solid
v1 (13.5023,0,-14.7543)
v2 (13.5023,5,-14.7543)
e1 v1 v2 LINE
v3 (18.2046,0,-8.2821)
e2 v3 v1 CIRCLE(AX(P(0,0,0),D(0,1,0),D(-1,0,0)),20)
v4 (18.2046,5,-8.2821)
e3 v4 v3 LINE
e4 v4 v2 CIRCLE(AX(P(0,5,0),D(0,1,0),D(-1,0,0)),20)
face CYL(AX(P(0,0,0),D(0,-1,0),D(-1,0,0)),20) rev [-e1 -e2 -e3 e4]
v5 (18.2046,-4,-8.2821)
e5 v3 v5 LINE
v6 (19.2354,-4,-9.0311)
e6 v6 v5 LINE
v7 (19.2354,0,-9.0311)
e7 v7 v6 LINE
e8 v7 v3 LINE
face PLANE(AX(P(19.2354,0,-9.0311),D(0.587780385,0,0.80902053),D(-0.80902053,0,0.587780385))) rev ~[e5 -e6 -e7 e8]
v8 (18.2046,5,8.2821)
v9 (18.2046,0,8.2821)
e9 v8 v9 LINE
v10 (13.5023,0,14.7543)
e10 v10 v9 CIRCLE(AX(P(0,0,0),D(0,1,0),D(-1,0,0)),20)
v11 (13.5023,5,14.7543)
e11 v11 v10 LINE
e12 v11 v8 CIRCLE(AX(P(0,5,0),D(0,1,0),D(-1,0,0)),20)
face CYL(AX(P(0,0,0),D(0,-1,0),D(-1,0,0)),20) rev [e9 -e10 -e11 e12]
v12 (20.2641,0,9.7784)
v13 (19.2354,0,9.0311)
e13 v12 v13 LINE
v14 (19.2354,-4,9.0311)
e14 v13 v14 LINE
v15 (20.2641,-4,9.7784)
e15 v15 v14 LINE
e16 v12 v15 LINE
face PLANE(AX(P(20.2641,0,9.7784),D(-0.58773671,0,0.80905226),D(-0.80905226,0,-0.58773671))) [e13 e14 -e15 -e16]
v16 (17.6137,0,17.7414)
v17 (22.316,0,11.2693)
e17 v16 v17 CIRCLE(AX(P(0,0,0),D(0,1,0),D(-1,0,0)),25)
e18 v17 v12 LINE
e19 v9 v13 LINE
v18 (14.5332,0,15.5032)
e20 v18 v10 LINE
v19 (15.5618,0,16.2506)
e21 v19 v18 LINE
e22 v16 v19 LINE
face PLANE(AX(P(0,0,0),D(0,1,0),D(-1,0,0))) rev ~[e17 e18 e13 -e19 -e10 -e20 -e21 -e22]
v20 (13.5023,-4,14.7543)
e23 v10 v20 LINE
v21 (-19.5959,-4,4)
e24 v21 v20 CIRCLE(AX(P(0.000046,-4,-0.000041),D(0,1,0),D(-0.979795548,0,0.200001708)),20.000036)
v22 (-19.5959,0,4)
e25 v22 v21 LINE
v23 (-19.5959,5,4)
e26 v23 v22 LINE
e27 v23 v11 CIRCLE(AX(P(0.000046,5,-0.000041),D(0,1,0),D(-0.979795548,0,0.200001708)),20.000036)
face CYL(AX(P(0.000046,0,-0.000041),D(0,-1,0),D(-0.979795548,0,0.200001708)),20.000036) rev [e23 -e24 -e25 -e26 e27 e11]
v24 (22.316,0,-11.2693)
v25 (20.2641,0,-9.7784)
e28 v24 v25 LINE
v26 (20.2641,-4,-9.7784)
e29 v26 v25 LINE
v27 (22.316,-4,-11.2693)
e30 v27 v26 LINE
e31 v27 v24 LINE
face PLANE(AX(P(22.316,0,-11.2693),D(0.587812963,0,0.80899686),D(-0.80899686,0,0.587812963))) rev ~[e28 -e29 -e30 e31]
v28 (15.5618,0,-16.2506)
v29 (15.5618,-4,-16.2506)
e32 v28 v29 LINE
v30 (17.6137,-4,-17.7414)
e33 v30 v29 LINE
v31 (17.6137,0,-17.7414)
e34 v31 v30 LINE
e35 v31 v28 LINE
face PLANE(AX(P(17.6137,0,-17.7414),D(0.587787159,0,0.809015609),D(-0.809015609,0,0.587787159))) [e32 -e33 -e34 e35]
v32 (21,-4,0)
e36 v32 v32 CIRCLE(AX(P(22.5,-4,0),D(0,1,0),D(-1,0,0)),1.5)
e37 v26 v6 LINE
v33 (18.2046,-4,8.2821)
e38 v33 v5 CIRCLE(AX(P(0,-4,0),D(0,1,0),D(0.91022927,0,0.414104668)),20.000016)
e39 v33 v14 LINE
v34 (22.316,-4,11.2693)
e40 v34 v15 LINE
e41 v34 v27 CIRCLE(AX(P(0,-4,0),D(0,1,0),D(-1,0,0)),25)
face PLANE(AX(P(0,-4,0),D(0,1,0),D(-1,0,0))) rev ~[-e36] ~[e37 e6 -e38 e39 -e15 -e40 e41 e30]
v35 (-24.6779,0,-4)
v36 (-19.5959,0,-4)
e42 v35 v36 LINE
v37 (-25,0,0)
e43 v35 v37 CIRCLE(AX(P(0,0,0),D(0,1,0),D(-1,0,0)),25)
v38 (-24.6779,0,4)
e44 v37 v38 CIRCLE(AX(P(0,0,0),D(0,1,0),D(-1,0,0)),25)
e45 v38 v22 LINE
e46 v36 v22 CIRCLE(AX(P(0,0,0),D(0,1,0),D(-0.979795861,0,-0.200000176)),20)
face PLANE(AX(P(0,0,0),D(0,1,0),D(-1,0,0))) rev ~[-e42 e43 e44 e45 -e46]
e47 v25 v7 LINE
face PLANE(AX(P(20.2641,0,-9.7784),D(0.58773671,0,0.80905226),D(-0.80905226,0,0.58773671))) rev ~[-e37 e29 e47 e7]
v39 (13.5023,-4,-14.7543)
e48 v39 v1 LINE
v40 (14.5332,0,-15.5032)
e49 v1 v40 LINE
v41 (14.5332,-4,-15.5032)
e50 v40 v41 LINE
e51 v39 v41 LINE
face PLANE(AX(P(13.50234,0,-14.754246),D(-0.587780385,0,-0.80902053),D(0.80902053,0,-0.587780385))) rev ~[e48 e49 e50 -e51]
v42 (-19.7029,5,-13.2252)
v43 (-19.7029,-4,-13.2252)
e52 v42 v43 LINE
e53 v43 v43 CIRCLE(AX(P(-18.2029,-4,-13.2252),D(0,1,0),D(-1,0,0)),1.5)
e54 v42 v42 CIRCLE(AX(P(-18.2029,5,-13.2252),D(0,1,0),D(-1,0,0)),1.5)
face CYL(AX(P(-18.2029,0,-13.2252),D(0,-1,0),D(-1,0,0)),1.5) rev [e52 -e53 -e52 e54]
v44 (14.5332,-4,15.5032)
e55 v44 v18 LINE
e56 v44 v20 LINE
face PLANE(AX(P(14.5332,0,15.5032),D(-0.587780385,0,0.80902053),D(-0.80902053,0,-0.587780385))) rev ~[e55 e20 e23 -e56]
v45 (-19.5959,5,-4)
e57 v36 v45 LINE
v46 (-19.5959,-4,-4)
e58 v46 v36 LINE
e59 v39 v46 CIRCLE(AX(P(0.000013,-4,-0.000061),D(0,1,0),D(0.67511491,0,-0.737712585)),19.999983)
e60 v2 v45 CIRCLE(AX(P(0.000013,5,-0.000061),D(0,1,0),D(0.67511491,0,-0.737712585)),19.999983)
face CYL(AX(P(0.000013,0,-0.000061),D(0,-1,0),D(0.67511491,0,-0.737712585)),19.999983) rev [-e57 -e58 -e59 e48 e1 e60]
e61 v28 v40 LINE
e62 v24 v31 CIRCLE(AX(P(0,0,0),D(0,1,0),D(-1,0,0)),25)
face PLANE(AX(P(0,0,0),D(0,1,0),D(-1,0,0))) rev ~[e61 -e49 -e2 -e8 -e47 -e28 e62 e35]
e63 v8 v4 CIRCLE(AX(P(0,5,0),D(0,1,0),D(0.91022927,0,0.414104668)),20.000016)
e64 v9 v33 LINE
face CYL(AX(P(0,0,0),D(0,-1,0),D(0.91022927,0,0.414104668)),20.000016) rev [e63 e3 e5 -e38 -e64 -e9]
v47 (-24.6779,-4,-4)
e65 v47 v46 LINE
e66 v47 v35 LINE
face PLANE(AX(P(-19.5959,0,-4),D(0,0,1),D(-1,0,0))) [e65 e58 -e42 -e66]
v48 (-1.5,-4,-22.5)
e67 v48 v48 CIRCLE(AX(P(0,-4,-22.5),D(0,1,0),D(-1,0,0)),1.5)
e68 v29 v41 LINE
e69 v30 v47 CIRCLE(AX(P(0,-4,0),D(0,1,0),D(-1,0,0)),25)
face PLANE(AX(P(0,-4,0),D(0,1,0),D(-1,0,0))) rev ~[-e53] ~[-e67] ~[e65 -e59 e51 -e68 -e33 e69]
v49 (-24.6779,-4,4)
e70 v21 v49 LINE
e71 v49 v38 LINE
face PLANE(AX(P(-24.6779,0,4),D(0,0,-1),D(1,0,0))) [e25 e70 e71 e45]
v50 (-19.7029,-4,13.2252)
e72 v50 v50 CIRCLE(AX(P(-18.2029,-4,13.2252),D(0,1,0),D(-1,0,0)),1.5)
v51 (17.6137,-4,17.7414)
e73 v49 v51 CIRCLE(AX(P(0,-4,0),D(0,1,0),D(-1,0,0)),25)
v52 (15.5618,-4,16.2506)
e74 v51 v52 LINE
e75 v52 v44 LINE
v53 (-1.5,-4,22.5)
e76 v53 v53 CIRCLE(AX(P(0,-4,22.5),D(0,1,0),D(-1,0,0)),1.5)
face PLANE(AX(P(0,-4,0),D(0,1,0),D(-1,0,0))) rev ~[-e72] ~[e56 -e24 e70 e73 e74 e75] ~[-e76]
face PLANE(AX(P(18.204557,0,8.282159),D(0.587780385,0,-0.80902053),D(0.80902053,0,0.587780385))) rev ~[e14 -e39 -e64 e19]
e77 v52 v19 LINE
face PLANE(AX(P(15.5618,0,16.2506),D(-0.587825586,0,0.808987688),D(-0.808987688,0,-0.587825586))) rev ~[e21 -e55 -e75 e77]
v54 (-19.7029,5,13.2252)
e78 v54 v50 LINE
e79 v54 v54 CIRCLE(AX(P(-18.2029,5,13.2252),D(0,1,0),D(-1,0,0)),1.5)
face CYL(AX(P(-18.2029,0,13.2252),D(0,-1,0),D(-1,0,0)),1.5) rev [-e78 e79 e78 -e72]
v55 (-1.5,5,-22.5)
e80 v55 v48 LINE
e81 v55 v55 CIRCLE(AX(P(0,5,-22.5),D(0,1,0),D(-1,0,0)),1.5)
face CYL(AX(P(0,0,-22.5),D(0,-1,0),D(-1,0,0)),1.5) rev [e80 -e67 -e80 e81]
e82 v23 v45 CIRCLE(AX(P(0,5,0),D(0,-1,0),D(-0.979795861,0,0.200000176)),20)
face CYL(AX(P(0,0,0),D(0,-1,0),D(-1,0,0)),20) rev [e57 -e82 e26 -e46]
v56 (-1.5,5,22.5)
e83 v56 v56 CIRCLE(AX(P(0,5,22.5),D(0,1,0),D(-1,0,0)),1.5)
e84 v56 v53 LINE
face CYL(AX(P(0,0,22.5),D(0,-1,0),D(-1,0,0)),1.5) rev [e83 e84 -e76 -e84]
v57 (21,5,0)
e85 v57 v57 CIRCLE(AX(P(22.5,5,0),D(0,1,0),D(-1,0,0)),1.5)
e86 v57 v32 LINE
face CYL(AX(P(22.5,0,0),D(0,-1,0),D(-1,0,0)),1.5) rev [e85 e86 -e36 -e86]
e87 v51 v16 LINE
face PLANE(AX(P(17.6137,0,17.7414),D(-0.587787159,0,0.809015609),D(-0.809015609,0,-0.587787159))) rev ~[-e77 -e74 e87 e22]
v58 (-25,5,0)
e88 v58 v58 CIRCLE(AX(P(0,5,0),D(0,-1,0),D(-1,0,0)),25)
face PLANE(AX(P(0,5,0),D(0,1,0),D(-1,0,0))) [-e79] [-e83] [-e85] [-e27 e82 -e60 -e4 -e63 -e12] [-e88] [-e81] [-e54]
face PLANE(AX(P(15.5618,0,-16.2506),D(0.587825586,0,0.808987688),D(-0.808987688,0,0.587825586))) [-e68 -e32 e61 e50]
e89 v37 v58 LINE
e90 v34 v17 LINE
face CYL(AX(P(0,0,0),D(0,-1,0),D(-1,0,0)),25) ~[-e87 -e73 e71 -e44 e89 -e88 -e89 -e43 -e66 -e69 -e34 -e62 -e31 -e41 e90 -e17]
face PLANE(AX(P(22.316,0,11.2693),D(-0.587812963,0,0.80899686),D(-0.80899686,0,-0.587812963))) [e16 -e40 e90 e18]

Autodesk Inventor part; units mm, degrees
ref_plane "YZ Plane" through (0, 0, 0) normal (1, 0, 0) x (0, 1, 0)
ref_plane "XZ Plane" through (0, 0, 0) normal (0, 1, 0) x (-1, 0, 0)
ref_plane "XY Plane" through (0, 0, 0) normal (0, 0, 1) x (1, 0, 0)
sketch "Sketch1" plane through (0, 0, 0) normal (0, 1, 0) x (-1, 0, 0)
  circle A0 centre (0, 0) radius 25
  line L0 (22.1416, 4) -> (20.8701, 4)
  line L1 (22.1416, -4) -> (20.8701, -4)
  line L2 (24.6779, 4) -> (22.1416, 4)
  line L3 (24.6779, -4) -> (22.1416, -4)
  line L4 (-15.5618, -16.2506) -> (-14.5332, -15.5032)
  line L5 (-15.5618, 16.2506) -> (-14.5332, 15.5032)
  line L6 (-20.2641, -9.7784) -> (-19.2354, -9.0311)
  line L7 (-17.6137, -17.7414) -> (-15.5618, -16.2506)
  line L8 (-22.316, -11.2693) -> (-20.2641, -9.7784)
  line L9 (-20.2641, 9.7784) -> (-19.2354, 9.0311)
  line L10 (-17.6137, 17.7414) -> (-15.5618, 16.2506)
  line L11 (-22.316, 11.2693) -> (-20.2641, 9.7784)
  line L12 (-23.5374, 22.0452) -> (-13.679, 22.0452) construction
  arc A1 (-17.6137, -17.7414) -> (24.6779, -4) centre (0, 0) ccw
  arc A2 (24.6779, 4) -> (-17.6137, 17.7414) centre (0, 0) ccw
  arc A3 (-22.316, 11.2693) -> (-22.316, -11.2693) centre (0, 0) ccw
  line L13 (20.8701, 4) -> (15.8701, 4)
  line L14 (15.8701, 4) -> (15.8701, -4)
  line L15 (15.8701, -4) -> (20.8701, -4)
  line L16 (-14.5332, 15.5032) -> (-10.4881, 12.5643)
  line L17 (-10.4881, 12.5643) -> (-15.1903, 6.0922)
  line L18 (-15.1903, 6.0922) -> (-19.2354, 9.0311)
  line L19 (-19.2354, -9.0311) -> (-15.1903, -6.0922)
  line L20 (-15.1903, -6.0922) -> (-10.4881, -12.5643)
  line L21 (-10.4881, -12.5643) -> (-14.5332, -15.5032)
  circle A4 centre (0, 22.5) radius 1.5
  circle A5 centre (18.2029, 13.2252) radius 1.5
  circle A6 centre (18.2029, -13.2252) radius 1.5
  circle A7 centre (0, -22.5) radius 1.5
  arc A8 (-13.5023, -14.7543) -> (19.5959, -4) centre (0, 0) ccw
  arc A9 (19.5959, 4) -> (-13.5023, 14.7543) centre (0, 0) ccw
  arc A10 (-18.2046, 8.2821) -> (-18.2046, -8.2821) centre (0, 0) ccw
  circle A11 centre (-22.5, 0) radius 1.5
  circle A12 centre (0, 0) radius 20
  point P0 (-23.5374, -22.0452)
  point P1 (-28.2397, -15.5731)
  point P2 (-17.6137, 17.7414)
  point P3 (-17.6137, -17.7414)
  point P4 (24.6779, -4)
  point P5 (19.5959, -4)
  point P6 (-13.5023, 14.7543)
  dimension "d0" = 50
  dimension "d1" = 36
  dimension "d2" = 5
  dimension "d3" = 5
  dimension "d5" = 3
  dimension "d6" = 3
  dimension "d7" = 3
  dimension "d8" = 3
  dimension "d16" = 3
extrude "Extrusion1" add sketch "Sketch1" along normal blind 5 and the other way blind 4 contours L2 L0 L13 A9 L16 L5 L10 A0 | A0 L7 L4 L21 A8 L15 L1 L3 | L11 L9 L18 A10 L19 L6 L8 A0
extrude "Extrusion3" add sketch "Sketch1" along normal blind 5 contours A0 L3 L1 L15 A12 L13 L0 L2 | L10 L5 L16 A12 L18 L9 L11 A0 | A0 L8 L6 L19 A12 L21 L4 L7
properties part number "spacer"
